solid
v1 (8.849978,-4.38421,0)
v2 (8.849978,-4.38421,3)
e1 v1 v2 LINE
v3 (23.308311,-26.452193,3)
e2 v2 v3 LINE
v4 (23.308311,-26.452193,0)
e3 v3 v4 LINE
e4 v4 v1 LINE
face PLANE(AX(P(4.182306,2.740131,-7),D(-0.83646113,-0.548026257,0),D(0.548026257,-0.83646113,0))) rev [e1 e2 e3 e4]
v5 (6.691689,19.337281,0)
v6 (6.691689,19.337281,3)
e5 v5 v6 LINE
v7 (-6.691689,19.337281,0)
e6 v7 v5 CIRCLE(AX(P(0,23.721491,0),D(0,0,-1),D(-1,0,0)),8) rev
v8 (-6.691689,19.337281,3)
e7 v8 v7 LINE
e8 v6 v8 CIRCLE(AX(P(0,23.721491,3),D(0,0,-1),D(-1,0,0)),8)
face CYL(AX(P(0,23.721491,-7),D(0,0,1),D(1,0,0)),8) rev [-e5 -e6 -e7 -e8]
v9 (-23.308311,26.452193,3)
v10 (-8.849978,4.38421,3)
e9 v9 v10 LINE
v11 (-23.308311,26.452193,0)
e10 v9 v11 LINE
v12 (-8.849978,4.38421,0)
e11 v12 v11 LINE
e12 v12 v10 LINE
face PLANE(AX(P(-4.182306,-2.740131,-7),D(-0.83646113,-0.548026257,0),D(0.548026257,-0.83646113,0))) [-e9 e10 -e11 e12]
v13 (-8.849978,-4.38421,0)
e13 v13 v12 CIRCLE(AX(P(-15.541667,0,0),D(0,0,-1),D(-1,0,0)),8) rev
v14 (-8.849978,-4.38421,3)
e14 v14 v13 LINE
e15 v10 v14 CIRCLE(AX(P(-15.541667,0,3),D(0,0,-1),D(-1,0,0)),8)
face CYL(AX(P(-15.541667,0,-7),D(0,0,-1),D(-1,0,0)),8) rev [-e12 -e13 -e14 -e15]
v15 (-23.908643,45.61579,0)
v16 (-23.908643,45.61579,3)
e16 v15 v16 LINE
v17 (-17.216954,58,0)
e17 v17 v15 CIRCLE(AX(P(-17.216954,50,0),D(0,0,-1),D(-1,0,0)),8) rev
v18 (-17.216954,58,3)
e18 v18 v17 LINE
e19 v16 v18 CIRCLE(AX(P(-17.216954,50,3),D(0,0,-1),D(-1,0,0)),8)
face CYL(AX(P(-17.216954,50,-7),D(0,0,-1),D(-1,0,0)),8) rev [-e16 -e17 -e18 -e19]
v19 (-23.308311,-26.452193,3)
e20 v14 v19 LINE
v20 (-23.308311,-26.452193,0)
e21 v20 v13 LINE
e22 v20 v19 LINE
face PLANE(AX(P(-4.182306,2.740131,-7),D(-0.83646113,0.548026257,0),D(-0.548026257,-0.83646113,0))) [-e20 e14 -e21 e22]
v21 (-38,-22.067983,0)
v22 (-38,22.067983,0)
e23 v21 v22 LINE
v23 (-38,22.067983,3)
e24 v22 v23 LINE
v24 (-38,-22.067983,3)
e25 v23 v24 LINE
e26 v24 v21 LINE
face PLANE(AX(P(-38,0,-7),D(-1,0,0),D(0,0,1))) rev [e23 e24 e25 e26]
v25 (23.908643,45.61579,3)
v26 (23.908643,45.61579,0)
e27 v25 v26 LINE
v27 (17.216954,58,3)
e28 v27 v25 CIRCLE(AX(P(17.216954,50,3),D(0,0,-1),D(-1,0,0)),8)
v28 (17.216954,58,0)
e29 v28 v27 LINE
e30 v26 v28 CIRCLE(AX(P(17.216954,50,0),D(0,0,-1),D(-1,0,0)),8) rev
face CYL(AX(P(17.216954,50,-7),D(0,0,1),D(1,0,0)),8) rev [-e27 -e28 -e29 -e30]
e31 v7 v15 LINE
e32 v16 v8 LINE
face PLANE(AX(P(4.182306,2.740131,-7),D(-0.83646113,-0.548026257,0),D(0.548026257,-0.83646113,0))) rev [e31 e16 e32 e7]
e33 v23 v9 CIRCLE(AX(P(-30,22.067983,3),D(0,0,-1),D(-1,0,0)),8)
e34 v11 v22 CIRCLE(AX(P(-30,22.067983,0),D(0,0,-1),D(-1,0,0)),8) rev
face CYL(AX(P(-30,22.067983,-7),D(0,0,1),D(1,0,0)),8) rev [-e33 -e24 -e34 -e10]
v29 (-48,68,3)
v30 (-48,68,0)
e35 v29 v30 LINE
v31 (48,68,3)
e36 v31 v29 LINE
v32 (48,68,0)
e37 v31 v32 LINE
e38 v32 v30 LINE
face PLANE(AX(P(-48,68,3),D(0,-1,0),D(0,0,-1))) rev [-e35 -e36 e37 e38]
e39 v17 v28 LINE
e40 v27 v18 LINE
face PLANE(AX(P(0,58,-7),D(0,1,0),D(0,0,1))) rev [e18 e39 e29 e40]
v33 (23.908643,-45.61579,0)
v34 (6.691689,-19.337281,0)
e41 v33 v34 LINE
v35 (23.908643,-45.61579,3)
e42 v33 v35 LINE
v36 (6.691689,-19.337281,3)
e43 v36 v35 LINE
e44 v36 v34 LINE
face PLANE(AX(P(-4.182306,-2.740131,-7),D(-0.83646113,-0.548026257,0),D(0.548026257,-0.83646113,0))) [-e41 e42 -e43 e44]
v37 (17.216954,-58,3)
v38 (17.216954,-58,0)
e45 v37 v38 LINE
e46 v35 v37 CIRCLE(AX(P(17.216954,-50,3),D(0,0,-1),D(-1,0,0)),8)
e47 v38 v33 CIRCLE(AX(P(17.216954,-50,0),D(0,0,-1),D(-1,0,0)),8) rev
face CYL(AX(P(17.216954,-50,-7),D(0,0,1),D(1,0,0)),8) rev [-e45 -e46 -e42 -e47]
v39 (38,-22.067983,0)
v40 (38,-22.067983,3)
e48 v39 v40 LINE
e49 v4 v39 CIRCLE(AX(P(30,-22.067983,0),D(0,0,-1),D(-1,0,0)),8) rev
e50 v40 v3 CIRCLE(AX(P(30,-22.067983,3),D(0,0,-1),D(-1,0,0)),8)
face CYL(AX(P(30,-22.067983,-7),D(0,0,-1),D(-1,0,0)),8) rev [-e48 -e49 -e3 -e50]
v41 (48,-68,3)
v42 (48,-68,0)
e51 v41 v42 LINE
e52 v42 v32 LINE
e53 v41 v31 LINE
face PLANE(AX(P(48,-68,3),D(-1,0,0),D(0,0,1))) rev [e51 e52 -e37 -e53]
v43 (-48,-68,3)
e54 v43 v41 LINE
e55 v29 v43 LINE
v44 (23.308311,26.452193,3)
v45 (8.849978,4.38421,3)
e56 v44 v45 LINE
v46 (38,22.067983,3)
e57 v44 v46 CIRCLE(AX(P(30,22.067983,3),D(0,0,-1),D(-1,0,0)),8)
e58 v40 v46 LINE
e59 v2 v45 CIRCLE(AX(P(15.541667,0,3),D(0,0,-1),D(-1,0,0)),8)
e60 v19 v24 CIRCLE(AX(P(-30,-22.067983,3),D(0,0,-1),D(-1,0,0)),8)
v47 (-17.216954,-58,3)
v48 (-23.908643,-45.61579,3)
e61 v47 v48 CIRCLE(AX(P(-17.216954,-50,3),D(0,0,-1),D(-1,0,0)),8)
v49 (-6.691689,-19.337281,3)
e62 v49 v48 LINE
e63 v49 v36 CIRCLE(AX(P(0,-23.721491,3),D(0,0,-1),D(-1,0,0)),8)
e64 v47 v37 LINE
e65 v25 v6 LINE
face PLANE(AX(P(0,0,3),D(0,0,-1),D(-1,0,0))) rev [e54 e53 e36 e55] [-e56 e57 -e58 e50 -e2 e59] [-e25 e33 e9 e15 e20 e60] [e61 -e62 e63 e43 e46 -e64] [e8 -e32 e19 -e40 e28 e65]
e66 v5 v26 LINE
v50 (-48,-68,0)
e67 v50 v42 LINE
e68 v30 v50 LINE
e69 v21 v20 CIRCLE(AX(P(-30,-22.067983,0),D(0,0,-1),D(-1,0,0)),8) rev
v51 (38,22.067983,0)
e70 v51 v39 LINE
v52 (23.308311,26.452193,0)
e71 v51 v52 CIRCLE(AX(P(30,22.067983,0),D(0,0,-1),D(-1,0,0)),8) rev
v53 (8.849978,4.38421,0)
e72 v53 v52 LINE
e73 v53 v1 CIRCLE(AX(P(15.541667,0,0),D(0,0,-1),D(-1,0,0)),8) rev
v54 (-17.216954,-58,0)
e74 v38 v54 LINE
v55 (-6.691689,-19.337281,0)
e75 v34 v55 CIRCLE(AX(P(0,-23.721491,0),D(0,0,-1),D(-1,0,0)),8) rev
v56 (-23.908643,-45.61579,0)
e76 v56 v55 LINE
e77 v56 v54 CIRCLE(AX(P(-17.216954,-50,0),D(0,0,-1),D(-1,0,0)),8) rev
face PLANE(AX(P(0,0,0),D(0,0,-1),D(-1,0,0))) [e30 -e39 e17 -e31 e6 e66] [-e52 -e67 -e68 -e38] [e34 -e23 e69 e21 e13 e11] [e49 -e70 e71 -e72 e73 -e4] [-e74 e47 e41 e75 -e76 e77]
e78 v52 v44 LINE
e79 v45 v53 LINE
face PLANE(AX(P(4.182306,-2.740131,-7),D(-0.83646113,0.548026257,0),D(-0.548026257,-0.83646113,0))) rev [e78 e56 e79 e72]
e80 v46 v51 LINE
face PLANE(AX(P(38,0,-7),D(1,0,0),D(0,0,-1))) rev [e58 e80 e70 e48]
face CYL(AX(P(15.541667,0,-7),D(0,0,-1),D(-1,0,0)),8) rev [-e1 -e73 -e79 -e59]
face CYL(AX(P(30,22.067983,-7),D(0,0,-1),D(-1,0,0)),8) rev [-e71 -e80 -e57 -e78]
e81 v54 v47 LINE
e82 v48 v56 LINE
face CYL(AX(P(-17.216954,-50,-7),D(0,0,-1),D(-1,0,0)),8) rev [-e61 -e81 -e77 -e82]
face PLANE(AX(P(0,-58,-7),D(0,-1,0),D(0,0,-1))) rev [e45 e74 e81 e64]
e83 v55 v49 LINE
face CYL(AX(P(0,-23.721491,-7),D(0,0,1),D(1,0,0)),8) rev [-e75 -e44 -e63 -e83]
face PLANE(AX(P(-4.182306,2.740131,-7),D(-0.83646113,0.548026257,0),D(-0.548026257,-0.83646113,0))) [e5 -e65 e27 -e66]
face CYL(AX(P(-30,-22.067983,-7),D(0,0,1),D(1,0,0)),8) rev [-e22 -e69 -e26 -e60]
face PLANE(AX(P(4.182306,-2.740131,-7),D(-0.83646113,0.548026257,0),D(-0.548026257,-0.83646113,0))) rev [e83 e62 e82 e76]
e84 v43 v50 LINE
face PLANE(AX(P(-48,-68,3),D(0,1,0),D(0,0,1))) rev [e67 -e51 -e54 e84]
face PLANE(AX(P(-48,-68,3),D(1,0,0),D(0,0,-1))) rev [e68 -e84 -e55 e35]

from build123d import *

# Parameters (mm, degrees)
ESBO_O1_W                = 96
ESBO_O1_H                = 136
RESSALTO_EXTRUS_O1_DEPTH = 3
CORTE_EXTRUS_O1_DEPTH    = 10
FILETE1_R                = 8


with BuildPart() as part:
    # Esboço1 → Ressalto-extrusão1 (new body)
    with BuildSketch(Plane.XY):
        Rectangle(ESBO_O1_W, ESBO_O1_H)
    extrude(amount=RESSALTO_EXTRUS_O1_DEPTH)

    # Esboço2 → Corte-extrusão1 (cut)
    with BuildSketch(Plane.XY.offset(3)):
        Polygon((-38, -48.876349567), (-5.977564077, 0), (-38, 48.876349567), align=None)
        Polygon((0, 9.123650433), (32.022435923, 58), (-32.022435923, 58), align=None)
        Polygon((38, -48.876349567), (38, 48.876349567), (5.977564077, 0), align=None)
        Polygon((32.022435923, -58), (0, -9.123650433), (-32.022435923, -58), align=None)
    extrude(amount=-CORTE_EXTRUS_O1_DEPTH, mode=Mode.SUBTRACT)

    # Filete1
    filete1_edges = [part.edges().sort_by_distance(p)[0] for p in [
        (38, 48.876349567, 1.5),
        (38, -48.876349567, 1.5),
        (5.977564077, 0, 1.5),
        (-32.022435923, 58, 1.5),
        (32.022435923, 58, 1.5),
        (0, 9.123650433, 1.5),
        (0, -9.123650433, 1.5),
        (32.022435923, -58, 1.5),
        (-32.022435923, -58, 1.5),
        (-38, 48.876349567, 1.5),
        (-5.977564077, 0, 1.5),
        (-38, -48.876349567, 1.5),
    ]]
    fillet(filete1_edges, radius=FILETE1_R)


solid = part.part
